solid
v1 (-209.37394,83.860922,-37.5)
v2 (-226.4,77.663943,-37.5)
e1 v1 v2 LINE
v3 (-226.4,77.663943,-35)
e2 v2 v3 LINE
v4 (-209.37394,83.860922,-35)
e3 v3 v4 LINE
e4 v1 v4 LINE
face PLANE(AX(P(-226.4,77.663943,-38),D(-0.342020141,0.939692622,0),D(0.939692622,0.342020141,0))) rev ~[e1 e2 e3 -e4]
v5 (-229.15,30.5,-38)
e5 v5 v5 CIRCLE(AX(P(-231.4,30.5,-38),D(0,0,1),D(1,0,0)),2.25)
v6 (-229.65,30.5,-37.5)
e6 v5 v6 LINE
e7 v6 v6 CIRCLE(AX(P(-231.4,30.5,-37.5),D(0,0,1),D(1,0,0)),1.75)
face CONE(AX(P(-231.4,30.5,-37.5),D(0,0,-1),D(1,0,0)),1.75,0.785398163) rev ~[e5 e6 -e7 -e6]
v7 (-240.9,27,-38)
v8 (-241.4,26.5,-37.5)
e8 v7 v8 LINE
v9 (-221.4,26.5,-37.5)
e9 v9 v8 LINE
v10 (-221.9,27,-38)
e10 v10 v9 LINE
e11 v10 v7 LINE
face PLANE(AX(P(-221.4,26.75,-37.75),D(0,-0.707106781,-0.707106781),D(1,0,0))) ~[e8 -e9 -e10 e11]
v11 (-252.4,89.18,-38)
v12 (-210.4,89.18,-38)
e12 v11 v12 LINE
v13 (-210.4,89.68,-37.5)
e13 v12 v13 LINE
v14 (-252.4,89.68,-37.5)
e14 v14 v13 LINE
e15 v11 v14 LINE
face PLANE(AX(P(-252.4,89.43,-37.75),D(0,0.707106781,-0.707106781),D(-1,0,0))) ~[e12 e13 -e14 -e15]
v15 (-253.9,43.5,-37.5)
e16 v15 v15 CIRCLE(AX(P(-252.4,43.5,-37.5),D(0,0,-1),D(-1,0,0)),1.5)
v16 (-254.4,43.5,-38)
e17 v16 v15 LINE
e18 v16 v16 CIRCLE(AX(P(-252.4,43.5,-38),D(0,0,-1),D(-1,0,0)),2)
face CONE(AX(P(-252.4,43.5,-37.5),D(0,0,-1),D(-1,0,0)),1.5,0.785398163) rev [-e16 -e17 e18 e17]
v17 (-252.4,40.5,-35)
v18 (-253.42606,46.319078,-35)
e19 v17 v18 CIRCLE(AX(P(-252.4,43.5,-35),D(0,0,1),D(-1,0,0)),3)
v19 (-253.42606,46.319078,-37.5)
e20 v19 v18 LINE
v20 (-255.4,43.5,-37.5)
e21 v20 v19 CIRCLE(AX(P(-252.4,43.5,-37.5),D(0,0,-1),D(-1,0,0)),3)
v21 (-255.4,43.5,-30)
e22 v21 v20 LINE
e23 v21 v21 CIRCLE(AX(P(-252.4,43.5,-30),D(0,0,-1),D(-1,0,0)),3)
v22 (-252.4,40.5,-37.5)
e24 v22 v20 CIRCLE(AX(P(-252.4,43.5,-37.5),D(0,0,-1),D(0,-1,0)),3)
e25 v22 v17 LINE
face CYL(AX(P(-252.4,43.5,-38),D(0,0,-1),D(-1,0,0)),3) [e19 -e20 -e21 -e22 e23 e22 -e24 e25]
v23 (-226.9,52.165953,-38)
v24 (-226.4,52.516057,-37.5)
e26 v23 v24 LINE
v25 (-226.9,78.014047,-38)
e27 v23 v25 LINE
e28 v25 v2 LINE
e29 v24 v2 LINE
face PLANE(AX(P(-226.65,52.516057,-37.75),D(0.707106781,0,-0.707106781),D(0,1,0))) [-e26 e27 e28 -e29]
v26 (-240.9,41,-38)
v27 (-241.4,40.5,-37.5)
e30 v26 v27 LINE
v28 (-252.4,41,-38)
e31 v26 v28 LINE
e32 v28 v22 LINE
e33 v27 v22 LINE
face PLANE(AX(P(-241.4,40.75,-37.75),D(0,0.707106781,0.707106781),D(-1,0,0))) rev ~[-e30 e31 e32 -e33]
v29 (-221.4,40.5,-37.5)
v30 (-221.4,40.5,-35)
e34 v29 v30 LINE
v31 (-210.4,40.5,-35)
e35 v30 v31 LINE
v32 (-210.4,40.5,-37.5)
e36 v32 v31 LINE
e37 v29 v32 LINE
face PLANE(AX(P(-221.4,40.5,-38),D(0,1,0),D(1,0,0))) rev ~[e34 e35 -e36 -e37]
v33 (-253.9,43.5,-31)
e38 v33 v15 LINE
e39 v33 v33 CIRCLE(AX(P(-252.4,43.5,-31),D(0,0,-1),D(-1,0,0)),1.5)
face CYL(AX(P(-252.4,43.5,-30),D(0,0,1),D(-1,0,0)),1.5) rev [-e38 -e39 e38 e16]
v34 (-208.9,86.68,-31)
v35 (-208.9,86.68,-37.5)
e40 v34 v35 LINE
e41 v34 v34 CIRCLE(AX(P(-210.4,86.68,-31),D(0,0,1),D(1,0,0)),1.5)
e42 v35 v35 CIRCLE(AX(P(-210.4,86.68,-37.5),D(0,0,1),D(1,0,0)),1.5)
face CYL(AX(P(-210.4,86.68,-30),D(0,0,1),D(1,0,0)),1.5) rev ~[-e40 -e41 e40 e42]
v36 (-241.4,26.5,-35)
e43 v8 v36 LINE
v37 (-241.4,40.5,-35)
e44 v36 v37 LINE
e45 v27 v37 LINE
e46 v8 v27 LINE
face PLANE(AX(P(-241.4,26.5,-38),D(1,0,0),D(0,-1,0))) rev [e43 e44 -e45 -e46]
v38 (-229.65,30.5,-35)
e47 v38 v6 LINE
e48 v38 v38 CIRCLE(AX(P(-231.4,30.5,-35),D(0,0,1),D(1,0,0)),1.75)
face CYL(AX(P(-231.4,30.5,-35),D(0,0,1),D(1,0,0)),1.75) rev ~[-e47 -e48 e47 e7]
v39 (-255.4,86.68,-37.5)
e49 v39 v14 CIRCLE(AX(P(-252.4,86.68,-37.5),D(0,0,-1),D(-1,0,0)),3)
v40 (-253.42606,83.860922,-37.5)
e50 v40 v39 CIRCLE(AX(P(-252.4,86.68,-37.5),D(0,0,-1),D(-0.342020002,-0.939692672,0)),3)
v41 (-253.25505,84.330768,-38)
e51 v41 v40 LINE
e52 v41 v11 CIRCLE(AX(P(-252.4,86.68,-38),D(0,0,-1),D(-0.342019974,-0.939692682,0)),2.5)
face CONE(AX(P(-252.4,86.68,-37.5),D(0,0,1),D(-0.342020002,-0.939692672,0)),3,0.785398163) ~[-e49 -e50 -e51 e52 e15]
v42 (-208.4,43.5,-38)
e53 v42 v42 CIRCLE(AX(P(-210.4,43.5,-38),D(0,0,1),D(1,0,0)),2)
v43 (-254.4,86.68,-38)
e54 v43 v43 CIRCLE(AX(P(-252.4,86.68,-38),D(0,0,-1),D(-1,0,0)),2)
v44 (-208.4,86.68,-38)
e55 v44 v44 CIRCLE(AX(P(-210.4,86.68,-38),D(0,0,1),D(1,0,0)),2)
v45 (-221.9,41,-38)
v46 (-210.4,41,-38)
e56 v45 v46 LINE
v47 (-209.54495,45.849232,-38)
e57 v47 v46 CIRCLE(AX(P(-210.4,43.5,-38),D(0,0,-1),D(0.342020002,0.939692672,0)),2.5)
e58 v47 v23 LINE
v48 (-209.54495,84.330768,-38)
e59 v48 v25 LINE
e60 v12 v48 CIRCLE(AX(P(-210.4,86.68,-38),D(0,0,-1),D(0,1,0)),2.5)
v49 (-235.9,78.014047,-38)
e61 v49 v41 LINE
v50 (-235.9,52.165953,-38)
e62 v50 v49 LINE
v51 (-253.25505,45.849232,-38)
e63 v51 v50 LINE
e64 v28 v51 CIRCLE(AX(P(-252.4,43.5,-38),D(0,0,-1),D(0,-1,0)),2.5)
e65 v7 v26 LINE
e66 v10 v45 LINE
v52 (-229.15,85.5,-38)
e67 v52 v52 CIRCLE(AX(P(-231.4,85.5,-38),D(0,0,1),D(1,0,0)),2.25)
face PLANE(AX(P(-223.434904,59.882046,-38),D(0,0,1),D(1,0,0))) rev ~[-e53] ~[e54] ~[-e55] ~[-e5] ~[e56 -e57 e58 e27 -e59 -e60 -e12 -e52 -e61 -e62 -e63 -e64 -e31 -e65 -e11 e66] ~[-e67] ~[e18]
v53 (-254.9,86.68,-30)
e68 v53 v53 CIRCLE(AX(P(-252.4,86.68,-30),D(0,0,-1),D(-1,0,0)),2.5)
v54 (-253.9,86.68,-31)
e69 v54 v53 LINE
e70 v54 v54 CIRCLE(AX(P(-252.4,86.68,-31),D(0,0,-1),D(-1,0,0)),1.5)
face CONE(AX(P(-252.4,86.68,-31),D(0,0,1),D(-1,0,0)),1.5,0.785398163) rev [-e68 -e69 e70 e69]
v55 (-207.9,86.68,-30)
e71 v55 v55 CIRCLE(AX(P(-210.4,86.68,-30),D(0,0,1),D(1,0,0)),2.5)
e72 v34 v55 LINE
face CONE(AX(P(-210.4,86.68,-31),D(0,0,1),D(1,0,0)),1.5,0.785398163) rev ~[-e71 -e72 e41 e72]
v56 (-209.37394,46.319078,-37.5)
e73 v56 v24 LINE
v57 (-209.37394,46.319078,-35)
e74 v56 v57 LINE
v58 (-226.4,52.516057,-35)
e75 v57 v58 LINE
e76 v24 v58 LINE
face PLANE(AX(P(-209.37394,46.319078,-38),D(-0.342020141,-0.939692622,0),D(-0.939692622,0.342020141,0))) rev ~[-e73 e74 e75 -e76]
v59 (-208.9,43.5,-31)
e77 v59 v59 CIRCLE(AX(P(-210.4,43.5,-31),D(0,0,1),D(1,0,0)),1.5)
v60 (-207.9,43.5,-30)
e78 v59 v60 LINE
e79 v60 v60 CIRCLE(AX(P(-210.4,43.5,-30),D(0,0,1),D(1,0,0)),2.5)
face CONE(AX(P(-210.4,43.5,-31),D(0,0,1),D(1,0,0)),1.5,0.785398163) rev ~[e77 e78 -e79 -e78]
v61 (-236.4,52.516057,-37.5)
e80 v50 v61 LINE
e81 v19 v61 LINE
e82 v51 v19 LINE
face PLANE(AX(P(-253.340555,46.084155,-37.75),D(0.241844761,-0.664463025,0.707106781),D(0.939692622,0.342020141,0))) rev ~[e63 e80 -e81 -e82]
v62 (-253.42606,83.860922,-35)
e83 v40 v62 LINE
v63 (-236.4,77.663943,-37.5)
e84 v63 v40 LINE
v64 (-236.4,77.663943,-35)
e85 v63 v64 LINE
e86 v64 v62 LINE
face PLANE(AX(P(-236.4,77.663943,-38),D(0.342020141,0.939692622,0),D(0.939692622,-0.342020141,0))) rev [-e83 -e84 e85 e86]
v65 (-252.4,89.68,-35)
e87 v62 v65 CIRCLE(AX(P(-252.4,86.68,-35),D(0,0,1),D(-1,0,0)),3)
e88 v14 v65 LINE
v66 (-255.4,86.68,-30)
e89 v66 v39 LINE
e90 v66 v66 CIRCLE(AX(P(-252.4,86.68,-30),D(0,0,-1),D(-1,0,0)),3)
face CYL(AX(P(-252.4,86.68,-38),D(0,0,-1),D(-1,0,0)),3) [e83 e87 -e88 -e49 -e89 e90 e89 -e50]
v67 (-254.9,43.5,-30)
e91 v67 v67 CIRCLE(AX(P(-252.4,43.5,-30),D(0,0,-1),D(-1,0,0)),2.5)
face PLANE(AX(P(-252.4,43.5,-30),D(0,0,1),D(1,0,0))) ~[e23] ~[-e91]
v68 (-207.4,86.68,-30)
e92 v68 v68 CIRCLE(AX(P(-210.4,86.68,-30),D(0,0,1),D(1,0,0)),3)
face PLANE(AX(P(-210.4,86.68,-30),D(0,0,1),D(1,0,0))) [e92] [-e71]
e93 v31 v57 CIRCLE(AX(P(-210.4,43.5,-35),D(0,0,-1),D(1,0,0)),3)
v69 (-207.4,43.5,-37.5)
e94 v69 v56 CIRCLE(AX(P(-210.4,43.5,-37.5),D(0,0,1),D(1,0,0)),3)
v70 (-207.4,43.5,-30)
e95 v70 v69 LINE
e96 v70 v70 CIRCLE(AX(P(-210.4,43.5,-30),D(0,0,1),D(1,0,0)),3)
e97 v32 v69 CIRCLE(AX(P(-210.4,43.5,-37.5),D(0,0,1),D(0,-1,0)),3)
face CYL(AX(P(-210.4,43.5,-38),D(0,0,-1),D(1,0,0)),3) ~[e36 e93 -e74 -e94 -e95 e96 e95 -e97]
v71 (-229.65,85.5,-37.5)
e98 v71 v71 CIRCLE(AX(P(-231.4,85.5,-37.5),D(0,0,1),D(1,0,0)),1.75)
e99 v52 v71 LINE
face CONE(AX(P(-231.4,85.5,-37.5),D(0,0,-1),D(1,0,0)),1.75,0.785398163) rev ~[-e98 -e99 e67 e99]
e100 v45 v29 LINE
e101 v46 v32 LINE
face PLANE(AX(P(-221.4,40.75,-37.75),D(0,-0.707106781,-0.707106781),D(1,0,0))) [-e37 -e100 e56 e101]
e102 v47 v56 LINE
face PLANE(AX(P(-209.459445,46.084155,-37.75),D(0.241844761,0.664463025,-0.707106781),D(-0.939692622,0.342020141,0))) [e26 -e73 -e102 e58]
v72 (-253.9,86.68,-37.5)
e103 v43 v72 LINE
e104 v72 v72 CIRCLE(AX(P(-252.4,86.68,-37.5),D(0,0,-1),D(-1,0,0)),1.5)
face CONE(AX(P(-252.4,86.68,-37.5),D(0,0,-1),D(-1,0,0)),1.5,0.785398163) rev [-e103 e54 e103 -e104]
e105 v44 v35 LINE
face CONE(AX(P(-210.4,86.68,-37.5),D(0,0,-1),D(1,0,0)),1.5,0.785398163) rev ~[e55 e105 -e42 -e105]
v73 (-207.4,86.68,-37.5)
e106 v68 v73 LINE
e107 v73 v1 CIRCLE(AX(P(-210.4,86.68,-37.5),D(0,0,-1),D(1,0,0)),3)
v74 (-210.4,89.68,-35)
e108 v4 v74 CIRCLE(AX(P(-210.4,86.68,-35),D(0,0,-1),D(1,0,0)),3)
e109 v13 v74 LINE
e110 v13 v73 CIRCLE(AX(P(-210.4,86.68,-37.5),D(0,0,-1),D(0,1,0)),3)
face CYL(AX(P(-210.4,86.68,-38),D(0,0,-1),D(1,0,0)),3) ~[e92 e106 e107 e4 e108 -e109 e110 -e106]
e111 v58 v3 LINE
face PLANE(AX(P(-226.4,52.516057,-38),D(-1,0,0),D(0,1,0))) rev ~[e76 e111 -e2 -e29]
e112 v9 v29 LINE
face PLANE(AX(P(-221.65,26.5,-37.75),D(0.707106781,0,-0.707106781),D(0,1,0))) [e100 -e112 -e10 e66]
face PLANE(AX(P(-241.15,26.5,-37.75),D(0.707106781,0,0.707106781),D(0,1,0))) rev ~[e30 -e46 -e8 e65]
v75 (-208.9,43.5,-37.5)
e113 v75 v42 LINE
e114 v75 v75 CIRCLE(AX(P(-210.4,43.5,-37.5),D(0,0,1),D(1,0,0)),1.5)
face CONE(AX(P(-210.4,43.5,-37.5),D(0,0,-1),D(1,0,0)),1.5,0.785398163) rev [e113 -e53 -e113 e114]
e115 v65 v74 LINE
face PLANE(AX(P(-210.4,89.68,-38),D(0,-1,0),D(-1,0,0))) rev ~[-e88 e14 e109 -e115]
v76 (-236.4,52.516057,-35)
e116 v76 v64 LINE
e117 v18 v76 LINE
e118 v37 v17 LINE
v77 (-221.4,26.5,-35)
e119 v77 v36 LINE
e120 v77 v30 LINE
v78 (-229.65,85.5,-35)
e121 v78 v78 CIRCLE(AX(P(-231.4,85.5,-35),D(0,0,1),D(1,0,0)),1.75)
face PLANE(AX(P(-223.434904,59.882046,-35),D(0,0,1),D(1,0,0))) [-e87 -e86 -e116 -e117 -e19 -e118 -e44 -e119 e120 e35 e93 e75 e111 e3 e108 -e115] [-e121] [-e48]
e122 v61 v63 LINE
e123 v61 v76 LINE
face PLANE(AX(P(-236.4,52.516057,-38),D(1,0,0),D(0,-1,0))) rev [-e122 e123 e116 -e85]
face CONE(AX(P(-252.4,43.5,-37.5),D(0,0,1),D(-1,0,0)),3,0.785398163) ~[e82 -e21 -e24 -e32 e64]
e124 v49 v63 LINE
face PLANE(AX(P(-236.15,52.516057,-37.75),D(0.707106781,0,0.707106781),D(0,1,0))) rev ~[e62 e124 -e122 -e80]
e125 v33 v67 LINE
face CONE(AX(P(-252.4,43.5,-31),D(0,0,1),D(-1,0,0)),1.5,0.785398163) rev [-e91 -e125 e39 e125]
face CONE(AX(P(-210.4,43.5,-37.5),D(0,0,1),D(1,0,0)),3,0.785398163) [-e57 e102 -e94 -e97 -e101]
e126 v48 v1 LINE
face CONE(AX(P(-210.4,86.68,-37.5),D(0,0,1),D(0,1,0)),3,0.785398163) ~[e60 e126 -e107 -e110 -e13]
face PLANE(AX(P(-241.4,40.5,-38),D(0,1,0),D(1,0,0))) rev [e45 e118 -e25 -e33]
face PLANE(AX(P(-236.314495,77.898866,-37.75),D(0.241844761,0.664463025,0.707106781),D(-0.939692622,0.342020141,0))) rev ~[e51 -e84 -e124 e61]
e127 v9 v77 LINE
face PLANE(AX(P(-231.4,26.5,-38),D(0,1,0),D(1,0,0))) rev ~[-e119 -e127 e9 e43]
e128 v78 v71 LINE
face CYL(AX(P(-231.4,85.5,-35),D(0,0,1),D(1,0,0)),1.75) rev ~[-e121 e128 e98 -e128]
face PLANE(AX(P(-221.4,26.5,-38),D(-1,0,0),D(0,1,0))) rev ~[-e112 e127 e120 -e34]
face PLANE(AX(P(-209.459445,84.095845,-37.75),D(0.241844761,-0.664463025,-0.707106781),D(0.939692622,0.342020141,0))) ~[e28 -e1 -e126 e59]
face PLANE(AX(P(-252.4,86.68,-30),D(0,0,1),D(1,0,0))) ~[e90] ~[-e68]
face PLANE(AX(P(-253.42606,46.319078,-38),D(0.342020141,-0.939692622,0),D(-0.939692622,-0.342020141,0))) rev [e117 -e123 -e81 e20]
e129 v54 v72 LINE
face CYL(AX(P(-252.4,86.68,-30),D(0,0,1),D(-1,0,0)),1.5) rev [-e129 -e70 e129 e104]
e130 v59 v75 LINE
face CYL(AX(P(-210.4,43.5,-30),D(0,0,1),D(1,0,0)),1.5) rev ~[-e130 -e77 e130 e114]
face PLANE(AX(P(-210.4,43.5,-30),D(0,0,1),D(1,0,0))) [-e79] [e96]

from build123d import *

# Parameters (mm, degrees)
CYLINDER005_R     = 3
CYLINDER005_DEPTH = 8
PAD011_DEPTH      = 3
CYLINDER006_R     = 3
CYLINDER006_DEPTH = 8
SKETCH039_R       = 1.5
POCKET027_DEPTH   = 10
CHAMFER026_SIZE   = 1
SKETCH038_R       = 1.75
POCKET026_DEPTH   = 5
CHAMFER025_SIZE   = 0.5


with BuildPart() as keypadbracketscrewcylinder002:
    # Cylinder005 → Cylinder005 (new body)
    with BuildSketch(Plane(origin=(21, 13.5, 18), x_dir=(1, 0, 0), z_dir=(0, 0, 1))):
        Circle(CYLINDER005_R)
    extrude(amount=CYLINDER005_DEPTH)


with BuildPart() as keypadbracketpad008:
    # Sketch037 → Pad011 (new body)
    with BuildSketch(Plane.XY.offset(18)):
        with BuildLine():
            Line((0, -3.5), (10, -3.5))
            Line((10, -3.5), (10, 10.5))
            Line((10, 10.5), (21, 10.5))
            ThreePointArc((21, 10.5), (23.954423, 12.979055), (22.02606, 16.319078))
            Line((22.02606, 16.319078), (5, 22.516057))
            Line((5, 22.516057), (5, 47.663943))
            Line((5, 47.663943), (22.02606, 53.860922))
            ThreePointArc((22.02606, 53.860922), (23.954423, 57.200945), (21, 59.68))
            Line((21, 59.68), (0, 59.68))
            Line((0, 59.68), (0, -3.5))
        make_face()
    extrude(amount=PAD011_DEPTH)


with BuildPart() as keypadbracketscrewholeschamfer019:
    # Cylinder006 → Cylinder006 (new body)
    with BuildSketch(Plane(origin=(21, 56.68, 18), x_dir=(1, 0, 0), z_dir=(0, 0, 1))):
        Circle(CYLINDER006_R)
    extrude(amount=CYLINDER006_DEPTH)

    # Fusion005: union KeypadBracketScrewCylinder002, KeypadBracketPad008
    add(keypadbracketscrewcylinder002.part)
    add(keypadbracketpad008.part)

    # Sketch039 → Pocket027 (cut)
    with BuildSketch(Plane.XY.offset(26)):
        with Locations((21, 13.5)):
            Circle(SKETCH039_R)
        with Locations((21, 56.68)):
            Circle(SKETCH039_R)
    extrude(amount=-POCKET027_DEPTH, mode=Mode.SUBTRACT)

    # Chamfer026
    chamfer026_edges = [keypadbracketscrewholeschamfer019.edges().sort_by_distance(p)[0] for p in [
        (19.5, 56.68, 26),
        (19.5, 13.5, 26),
    ]]
    chamfer(chamfer026_edges, length=CHAMFER026_SIZE)


with BuildPart() as clone008:
    # Part__Mirroring005: instance of KeypadBracketScrewHolesChamfer019
    add(keypadbracketscrewholeschamfer019.part.mirror(Plane(origin=(0, 0, 0), x_dir=(0, -1, 0), z_dir=(1, 0, 0))))

    # Fusion006: union KeypadBracketScrewHolesChamfer019
    add(keypadbracketscrewholeschamfer019.part)

    # Sketch038 → Pocket026 (cut)
    with BuildSketch(Plane.XY.offset(21)):
        with Locations((0, 0.5)):
            Circle(SKETCH038_R)
        with Locations((0, 55.5)):
            Circle(SKETCH038_R)
    extrude(amount=-POCKET026_DEPTH, mode=Mode.SUBTRACT)

    # Chamfer025
    chamfer025_edges = [clone008.edges().sort_by_distance(p)[0] for p in [
        (-21, 15, 18),
        (-21, 12, 18),
        (0, 57.25, 18),
        (0, 53.75, 18),
        (0, 2.25, 18),
        (0, -1.25, 18),
        (-23.12132, 58.80132, 18),
        (-23.457456, 54.959271, 18),
        (0, 59.68, 18),
        (-13.51303, 50.762433, 18),
        (23.12132, 58.80132, 18),
        (-5, 35.09, 18),
        (23.457456, 54.959271, 18),
        (-13.51303, 19.417567, 18),
        (13.51303, 50.762433, 18),
        (-23.457456, 15.220729, 18),
        (5, 35.09, 18),
        (-23.12132, 11.37868, 18),
        (13.51303, 19.417567, 18),
        (-15.5, 10.5, 18),
        (23.457456, 15.220729, 18),
        (-10, 3.5, 18),
        (23.12132, 11.37868, 18),
        (0, -3.5, 18),
        (15.5, 10.5, 18),
        (10, 3.5, 18),
        (-21, 58.18, 18),
        (-21, 55.18, 18),
        (21, 58.18, 18),
        (21, 55.18, 18),
        (21, 15, 18),
        (21, 12, 18),
    ]]
    chamfer(chamfer025_edges, length=CHAMFER025_SIZE)


with BuildPart() as clone008_1:
    # Clone008 placement: moved
    add(clone008.part.moved(Location((-231.4, 30, -56))))


solid = clone008_1.part
